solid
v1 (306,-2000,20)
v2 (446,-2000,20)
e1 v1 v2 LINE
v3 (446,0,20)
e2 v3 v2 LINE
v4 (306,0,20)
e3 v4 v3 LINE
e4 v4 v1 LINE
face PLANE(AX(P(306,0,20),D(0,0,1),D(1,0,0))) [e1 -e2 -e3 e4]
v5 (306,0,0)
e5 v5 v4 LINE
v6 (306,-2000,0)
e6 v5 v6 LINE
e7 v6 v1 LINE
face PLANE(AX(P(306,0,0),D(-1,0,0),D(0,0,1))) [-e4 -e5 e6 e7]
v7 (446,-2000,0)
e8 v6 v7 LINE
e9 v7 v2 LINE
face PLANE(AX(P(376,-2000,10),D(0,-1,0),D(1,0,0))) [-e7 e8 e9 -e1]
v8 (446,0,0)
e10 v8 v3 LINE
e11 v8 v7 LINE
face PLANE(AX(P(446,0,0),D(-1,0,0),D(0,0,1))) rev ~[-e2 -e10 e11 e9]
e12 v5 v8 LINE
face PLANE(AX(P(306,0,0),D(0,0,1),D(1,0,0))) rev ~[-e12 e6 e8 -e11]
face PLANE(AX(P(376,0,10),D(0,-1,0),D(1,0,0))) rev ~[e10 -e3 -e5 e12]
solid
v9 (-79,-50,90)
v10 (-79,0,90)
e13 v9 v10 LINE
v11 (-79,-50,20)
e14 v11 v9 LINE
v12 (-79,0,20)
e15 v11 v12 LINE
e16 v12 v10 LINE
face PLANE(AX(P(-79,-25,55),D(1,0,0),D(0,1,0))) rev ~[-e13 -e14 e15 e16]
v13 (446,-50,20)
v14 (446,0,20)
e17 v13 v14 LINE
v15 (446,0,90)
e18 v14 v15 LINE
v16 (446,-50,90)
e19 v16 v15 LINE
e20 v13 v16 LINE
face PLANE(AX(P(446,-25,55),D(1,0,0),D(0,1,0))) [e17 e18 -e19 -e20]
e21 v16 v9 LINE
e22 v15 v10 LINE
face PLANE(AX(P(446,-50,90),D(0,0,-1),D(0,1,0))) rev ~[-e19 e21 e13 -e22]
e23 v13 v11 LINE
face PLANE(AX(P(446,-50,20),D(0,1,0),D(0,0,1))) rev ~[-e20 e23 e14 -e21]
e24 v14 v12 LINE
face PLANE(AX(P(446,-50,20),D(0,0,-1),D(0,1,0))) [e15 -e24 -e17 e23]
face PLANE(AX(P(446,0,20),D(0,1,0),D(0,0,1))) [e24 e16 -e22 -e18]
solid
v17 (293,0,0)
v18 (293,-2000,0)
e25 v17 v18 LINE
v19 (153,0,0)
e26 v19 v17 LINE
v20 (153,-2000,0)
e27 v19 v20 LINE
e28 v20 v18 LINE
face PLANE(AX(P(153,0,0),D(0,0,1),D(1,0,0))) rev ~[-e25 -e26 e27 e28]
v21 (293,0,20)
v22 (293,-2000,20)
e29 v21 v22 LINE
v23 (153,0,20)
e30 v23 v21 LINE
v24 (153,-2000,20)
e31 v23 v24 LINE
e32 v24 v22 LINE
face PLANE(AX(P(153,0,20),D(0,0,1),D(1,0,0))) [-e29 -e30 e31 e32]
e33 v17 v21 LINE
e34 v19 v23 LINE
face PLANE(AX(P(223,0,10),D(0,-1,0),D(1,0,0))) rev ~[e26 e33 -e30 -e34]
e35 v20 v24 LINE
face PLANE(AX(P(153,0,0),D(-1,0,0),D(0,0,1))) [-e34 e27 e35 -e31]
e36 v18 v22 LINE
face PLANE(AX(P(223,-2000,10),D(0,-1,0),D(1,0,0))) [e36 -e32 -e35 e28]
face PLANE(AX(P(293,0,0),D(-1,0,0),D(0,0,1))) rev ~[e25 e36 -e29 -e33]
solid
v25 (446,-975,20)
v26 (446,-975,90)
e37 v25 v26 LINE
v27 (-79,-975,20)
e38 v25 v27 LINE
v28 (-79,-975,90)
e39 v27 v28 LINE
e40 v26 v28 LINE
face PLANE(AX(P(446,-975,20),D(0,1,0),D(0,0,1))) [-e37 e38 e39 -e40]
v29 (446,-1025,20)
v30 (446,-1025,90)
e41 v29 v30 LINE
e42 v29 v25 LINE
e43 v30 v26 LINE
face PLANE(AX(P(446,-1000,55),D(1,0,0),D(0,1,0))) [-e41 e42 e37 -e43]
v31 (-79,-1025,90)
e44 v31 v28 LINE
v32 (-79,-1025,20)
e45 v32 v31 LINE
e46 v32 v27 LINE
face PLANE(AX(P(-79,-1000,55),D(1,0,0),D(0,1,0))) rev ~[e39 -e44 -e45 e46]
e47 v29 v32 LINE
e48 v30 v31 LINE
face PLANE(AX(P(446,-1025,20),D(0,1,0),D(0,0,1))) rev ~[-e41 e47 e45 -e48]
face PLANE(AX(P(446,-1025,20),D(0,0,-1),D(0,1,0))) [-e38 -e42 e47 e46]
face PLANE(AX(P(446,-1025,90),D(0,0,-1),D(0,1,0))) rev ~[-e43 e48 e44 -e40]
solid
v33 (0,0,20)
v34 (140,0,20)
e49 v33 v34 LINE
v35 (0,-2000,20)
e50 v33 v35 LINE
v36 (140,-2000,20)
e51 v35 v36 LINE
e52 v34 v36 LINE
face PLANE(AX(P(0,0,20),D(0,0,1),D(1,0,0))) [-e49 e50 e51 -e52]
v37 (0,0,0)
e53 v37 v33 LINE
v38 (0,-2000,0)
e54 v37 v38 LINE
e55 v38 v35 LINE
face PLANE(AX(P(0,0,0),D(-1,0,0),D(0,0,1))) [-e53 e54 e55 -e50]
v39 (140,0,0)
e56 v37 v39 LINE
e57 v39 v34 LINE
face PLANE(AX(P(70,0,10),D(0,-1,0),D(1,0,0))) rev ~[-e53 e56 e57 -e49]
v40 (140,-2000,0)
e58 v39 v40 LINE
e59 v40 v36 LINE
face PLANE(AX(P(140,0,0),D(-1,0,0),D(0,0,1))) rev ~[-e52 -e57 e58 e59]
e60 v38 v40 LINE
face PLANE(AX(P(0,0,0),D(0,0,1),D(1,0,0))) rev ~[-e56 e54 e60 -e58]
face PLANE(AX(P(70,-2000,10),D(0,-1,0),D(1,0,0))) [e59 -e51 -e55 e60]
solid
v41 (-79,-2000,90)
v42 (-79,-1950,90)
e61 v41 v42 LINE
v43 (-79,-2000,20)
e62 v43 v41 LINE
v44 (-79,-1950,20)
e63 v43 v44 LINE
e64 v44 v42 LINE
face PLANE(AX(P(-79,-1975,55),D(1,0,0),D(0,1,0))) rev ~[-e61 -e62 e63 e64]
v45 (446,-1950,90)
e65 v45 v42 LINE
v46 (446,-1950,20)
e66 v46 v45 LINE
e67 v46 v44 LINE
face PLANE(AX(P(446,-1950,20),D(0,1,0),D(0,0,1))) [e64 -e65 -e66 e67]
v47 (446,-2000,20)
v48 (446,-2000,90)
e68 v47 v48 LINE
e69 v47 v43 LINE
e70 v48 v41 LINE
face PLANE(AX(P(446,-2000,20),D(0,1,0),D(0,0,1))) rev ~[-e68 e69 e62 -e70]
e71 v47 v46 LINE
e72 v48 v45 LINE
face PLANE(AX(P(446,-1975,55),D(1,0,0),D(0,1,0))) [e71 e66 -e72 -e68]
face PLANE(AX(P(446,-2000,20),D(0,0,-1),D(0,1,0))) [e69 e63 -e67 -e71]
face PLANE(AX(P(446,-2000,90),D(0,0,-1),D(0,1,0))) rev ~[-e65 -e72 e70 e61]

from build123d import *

# Parameters (mm, degrees)
F0_W     = 140
F0_H     = 20
F1_DEPTH = 2000
F2_W     = 50
F2_H     = 70
F3_W     = 50
F3_H     = 70
F4_DEPTH = 525


with BuildPart() as f1:
    # F0 (on Front) → F1 (new body)
    with BuildSketch(Plane.XZ):
        with Locations((70, 10)):
            Rectangle(F0_W, F0_H)
        with Locations((223, 10)):
            Rectangle(F0_W, F0_H)
        with Locations((376, 10)):
            Rectangle(F0_W, F0_H)
    extrude(amount=F1_DEPTH)


with BuildPart() as f4:
    # F2 (on face) + F3 (on face) → F4 (new body)
    with BuildSketch(Plane.YZ.offset(446)):
        with Locations((-1975, 55)):
            Rectangle(F2_W, F2_H)
        with Locations((-25, 55)):
            Rectangle(F2_W, F2_H)
    with BuildSketch(Plane.YZ.offset(446)):
        with Locations((-1000, 55)):
            Rectangle(F3_W, F3_H)
    extrude(amount=-F4_DEPTH)


solid = Compound([f1.part, f4.part])
